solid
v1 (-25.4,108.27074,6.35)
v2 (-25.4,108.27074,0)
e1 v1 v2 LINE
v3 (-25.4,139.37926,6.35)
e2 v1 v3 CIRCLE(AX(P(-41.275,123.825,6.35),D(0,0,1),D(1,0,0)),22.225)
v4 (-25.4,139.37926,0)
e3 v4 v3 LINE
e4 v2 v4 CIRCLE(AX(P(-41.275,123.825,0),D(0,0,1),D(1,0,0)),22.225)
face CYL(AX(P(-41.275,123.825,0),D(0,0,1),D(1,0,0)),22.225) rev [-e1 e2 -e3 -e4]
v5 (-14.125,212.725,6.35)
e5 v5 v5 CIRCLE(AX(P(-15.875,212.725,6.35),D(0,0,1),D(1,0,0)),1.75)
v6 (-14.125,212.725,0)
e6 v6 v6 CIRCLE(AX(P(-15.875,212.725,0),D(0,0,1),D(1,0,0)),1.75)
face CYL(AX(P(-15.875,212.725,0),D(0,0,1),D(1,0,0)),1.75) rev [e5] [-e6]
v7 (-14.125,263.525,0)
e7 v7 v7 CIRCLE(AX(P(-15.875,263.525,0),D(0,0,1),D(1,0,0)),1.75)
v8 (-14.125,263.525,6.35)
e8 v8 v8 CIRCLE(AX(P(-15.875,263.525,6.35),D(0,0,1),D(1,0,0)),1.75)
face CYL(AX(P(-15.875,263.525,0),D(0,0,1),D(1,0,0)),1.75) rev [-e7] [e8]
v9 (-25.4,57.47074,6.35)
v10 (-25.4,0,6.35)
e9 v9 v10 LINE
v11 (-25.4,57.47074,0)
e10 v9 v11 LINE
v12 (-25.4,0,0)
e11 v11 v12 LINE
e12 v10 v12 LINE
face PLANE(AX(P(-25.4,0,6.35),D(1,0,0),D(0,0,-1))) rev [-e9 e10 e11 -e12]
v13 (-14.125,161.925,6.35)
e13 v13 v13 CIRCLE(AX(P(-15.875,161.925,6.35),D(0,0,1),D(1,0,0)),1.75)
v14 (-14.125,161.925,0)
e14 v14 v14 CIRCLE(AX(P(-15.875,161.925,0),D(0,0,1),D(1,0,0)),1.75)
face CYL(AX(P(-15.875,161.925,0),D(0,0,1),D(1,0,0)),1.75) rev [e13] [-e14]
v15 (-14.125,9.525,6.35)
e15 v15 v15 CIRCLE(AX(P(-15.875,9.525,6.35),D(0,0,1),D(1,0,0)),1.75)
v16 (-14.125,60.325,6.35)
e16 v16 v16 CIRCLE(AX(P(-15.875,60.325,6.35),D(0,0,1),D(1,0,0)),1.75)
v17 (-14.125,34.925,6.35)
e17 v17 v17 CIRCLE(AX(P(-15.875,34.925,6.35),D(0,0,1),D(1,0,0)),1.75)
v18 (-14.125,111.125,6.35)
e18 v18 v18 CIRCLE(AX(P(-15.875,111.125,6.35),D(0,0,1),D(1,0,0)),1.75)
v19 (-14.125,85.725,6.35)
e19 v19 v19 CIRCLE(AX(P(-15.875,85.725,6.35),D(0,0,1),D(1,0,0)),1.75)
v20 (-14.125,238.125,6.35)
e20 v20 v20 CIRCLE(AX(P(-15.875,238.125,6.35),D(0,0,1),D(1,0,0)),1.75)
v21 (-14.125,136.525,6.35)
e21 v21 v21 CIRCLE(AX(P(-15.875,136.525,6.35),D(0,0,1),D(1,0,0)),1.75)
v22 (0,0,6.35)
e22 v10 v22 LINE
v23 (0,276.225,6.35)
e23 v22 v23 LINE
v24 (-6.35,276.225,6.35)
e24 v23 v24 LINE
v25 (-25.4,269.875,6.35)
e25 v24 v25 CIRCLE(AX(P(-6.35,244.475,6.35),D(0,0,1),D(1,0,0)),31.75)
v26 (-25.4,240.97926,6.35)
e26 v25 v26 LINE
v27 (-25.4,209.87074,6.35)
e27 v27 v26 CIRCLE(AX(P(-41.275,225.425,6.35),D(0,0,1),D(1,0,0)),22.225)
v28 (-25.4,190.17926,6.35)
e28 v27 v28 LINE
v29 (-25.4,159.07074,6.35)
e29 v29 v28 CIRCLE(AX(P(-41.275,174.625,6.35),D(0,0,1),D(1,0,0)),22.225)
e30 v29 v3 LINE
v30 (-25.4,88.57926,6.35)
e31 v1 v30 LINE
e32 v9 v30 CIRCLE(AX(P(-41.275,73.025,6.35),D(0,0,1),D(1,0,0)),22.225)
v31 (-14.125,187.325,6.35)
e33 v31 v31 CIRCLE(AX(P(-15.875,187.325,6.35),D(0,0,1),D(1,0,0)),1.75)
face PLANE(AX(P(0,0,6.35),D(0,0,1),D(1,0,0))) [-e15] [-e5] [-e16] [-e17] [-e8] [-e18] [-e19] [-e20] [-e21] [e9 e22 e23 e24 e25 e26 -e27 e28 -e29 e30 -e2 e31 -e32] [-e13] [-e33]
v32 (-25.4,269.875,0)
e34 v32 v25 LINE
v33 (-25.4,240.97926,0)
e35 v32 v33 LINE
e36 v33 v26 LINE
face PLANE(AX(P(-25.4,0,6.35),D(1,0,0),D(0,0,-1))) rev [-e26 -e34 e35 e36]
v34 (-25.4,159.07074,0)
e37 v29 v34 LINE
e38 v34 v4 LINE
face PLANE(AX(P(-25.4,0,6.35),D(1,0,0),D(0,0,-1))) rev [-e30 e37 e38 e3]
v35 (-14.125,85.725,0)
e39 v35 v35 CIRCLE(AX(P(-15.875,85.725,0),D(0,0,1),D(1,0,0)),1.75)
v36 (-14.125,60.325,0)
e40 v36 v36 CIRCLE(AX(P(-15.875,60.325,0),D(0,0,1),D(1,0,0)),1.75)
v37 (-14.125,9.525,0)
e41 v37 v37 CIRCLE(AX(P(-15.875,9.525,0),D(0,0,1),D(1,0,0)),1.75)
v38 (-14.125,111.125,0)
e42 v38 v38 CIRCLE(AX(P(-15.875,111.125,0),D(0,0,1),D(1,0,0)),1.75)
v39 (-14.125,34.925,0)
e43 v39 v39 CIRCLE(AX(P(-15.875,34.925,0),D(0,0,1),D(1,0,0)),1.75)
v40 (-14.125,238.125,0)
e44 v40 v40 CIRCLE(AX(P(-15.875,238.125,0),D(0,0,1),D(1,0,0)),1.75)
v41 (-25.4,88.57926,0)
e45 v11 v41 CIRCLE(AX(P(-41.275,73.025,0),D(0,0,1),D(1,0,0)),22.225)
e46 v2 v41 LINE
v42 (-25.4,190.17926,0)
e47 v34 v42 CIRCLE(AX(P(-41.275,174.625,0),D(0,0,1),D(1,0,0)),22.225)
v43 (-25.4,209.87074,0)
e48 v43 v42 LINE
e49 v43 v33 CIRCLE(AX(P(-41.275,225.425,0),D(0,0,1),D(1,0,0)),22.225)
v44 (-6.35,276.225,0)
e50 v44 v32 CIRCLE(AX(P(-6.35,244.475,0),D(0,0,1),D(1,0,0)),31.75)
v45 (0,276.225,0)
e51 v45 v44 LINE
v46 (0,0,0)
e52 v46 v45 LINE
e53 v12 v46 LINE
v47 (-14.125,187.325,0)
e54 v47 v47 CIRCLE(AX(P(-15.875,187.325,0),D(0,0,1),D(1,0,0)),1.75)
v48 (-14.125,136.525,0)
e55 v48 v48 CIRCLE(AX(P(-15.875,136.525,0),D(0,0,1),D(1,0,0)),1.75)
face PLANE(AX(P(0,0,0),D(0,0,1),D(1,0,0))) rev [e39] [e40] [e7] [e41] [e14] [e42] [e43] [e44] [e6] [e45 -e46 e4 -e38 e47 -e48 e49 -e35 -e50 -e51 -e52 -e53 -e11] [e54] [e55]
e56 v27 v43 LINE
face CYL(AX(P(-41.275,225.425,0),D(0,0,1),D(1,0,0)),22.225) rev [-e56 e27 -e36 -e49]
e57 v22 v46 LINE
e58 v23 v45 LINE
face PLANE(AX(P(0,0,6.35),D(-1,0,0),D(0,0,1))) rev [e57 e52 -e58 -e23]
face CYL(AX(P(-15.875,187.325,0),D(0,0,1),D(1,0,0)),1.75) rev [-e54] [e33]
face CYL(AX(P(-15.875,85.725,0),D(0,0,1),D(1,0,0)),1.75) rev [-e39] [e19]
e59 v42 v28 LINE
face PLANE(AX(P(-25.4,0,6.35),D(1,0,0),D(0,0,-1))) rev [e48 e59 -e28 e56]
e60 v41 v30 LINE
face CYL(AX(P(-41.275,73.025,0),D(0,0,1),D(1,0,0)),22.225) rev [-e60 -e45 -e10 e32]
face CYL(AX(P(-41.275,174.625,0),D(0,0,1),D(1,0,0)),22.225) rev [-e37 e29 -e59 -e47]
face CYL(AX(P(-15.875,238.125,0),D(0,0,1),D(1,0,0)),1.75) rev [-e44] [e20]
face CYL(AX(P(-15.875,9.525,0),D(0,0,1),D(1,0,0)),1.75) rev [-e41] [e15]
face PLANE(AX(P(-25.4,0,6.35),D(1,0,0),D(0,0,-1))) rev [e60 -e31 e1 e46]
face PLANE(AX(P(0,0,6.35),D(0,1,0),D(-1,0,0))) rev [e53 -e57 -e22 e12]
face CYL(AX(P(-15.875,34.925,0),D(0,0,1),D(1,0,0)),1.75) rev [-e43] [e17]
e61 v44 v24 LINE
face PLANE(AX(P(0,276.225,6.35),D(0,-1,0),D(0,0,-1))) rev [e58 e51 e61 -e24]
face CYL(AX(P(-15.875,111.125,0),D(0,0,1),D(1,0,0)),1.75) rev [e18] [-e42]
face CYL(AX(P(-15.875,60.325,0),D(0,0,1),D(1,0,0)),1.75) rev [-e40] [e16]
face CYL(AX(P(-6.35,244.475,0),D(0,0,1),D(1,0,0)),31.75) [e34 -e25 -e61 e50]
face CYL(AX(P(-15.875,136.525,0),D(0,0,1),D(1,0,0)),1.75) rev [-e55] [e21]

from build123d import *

# Parameters (mm, degrees)
SKETCH1_W           = 25.4
SKETCH1_H           = 276.225
BOSS_EXTRUDE1_DEPTH = 6.35
CUT_EXTRUDE1_DEPTH  = 7.35
SKETCH3_R           = 1.75
CUT_EXTRUDE2_DEPTH  = 7.35
LPATTERN1_COUNT     = 11
LPATTERN1_PITCH     = 25.4
SKETCH4_R           = 22.225
CUT_EXTRUDE3_DEPTH  = 7.35
LPATTERN2_COUNT     = 4
LPATTERN2_PITCH     = 50.8


with BuildPart() as part:
    # Sketch1 → Boss-Extrude1 (new body)
    with BuildSketch(Plane.XY):
        with Locations((-12.7, 138.1125)):
            Rectangle(SKETCH1_W, SKETCH1_H)
    extrude(amount=BOSS_EXTRUDE1_DEPTH)

    # Sketch2 → Cut-Extrude1 (cut, through all)
    with BuildSketch(Plane.XY.offset(6.35)):
        with BuildLine():
            Line((-6.35, 276.225), (-31.763279736, 276.225))
            Line((-31.763279736, 276.225), (-31.763279736, 263.507280815))
            ThreePointArc((-31.763279736, 263.507280815), (-20.55893353, 272.86811022), (-6.35, 276.225))
        make_face()
    extrude(amount=-CUT_EXTRUDE1_DEPTH, mode=Mode.SUBTRACT)

    # Sketch3 → Cut-Extrude2 (cut, through all)
    with BuildSketch(Plane.XY.offset(6.35)):
        with Locations((-15.875, 263.525)):
            Circle(SKETCH3_R)
    cut_extrude2 = extrude(amount=-CUT_EXTRUDE2_DEPTH, mode=Mode.SUBTRACT)

    # LPattern1: Cut-Extrude2 ×11
    with Locations(*[(0, -i * LPATTERN1_PITCH, 0) for i in range(1, LPATTERN1_COUNT)]):
        add(cut_extrude2, mode=Mode.SUBTRACT)

    # Sketch4 → Cut-Extrude3 (cut, through all)
    with BuildSketch(Plane.XY.offset(6.35)):
        with Locations((-41.275, 225.425)):
            Circle(SKETCH4_R)
    cut_extrude3 = extrude(amount=-CUT_EXTRUDE3_DEPTH, mode=Mode.SUBTRACT)

    # LPattern2: Cut-Extrude3 ×4
    with Locations(*[(0, -i * LPATTERN2_PITCH, 0) for i in range(1, LPATTERN2_COUNT)]):
        add(cut_extrude3, mode=Mode.SUBTRACT)


solid = part.part
